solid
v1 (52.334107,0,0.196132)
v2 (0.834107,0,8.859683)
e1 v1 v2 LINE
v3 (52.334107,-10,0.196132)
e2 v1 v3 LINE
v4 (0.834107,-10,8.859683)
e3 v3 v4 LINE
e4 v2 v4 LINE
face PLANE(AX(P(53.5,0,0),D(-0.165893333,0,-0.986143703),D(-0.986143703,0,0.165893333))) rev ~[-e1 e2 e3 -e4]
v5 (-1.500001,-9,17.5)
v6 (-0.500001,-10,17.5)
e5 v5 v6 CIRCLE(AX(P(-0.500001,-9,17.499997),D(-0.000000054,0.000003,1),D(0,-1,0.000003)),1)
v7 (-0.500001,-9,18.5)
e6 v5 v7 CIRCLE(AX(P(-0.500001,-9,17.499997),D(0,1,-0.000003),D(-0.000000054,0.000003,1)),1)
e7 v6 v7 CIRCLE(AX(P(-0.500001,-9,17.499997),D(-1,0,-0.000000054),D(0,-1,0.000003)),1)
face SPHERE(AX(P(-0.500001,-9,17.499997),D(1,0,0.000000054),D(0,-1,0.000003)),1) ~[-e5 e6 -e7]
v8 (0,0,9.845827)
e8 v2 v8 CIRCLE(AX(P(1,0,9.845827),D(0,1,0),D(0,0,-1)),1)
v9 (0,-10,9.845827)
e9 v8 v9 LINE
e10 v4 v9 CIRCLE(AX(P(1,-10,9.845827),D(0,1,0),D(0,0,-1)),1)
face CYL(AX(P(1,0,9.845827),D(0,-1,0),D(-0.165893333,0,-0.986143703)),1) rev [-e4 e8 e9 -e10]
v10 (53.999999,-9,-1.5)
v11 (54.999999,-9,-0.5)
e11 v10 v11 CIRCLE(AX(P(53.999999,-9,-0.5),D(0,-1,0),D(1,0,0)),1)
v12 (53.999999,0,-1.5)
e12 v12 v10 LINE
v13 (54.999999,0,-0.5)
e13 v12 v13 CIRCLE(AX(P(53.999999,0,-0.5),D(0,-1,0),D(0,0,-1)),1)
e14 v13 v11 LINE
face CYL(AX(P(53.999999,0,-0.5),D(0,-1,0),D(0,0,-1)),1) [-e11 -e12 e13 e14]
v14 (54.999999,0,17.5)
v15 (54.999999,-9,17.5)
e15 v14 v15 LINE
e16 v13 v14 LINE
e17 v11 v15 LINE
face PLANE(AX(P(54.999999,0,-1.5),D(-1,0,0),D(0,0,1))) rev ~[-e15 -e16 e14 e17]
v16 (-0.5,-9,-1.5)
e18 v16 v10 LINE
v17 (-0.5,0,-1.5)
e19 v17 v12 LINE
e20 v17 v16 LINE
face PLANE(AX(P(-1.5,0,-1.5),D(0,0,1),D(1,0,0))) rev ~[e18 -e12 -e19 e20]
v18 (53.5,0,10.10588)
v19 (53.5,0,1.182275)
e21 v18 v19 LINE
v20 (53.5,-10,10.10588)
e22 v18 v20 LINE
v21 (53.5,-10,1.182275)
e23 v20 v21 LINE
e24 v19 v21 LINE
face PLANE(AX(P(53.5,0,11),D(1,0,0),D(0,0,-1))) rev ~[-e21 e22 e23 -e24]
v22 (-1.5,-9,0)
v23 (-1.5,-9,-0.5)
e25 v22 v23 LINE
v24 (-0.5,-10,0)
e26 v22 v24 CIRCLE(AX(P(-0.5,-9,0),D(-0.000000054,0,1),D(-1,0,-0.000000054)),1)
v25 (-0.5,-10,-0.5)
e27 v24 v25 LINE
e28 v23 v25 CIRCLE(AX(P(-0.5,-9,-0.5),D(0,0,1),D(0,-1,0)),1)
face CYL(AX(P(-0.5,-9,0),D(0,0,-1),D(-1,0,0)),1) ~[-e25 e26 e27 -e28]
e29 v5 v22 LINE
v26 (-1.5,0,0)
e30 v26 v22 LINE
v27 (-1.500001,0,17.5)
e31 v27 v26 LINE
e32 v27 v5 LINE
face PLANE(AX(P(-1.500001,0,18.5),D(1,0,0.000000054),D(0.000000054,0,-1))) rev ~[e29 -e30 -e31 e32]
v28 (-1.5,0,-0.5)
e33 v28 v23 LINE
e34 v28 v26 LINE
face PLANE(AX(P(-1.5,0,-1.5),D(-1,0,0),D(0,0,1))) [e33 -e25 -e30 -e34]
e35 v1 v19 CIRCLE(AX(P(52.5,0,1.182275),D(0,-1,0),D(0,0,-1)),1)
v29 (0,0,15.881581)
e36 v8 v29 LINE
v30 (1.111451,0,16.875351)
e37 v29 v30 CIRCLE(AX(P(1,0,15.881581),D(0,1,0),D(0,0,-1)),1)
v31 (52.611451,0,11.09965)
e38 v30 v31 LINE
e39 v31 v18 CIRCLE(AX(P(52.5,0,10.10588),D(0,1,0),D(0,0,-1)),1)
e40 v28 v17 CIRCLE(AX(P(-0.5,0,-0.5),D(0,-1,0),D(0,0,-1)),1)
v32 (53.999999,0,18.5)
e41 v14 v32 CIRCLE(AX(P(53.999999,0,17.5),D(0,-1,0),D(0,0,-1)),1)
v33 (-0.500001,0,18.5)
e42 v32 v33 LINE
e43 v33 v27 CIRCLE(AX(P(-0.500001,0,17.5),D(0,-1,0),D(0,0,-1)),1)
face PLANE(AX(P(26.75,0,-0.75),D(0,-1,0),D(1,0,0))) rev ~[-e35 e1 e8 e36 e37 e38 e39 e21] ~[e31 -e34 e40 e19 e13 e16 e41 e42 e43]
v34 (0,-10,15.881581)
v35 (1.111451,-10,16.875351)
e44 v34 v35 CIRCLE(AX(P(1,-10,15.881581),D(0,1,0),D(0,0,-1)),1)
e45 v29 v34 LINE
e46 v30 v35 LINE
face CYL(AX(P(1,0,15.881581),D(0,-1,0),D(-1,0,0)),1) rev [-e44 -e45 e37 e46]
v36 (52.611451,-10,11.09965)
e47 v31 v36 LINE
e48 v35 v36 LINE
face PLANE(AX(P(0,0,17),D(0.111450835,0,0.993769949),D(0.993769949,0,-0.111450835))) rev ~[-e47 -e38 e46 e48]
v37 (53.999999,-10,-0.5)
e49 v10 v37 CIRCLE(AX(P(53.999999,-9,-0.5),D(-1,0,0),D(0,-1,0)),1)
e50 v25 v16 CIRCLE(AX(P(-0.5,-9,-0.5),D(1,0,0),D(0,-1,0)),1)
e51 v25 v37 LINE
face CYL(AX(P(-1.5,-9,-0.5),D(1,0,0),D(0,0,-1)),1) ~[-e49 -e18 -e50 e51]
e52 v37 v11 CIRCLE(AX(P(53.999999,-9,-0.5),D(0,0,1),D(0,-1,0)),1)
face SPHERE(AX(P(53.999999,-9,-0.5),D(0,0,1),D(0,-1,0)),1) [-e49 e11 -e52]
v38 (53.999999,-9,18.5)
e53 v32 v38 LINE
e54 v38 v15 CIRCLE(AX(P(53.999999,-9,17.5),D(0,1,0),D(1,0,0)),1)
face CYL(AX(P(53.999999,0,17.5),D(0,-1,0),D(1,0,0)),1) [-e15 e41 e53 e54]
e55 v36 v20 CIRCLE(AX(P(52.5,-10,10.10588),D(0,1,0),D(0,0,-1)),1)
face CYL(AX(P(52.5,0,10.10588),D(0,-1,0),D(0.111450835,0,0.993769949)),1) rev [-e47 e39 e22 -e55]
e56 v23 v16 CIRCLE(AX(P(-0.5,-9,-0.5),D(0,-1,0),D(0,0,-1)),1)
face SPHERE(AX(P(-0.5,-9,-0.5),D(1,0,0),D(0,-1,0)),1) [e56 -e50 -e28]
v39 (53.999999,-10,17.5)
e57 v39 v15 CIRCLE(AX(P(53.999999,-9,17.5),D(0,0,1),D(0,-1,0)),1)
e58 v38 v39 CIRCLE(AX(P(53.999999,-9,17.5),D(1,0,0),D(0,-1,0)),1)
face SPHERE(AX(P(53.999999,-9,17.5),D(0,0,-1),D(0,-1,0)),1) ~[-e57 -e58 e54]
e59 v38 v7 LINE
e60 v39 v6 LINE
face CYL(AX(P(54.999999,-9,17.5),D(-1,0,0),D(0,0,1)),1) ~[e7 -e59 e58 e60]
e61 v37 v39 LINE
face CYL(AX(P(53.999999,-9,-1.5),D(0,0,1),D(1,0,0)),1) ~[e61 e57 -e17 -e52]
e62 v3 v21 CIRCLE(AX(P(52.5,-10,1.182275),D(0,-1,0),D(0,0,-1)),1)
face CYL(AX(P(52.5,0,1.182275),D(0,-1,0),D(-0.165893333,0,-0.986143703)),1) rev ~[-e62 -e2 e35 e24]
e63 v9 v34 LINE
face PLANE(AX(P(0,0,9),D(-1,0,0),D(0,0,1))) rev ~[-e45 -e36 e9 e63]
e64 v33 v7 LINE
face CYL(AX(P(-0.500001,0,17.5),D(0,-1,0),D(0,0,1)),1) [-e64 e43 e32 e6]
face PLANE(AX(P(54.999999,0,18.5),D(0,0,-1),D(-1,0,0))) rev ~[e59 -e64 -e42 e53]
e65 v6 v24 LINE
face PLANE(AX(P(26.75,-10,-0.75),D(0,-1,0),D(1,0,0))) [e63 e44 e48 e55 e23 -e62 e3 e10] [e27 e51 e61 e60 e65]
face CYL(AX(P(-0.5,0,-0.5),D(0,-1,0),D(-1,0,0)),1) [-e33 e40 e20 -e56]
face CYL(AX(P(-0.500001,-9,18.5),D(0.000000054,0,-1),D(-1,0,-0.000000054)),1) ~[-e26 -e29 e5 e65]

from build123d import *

# Parameters (mm, degrees)
F0_W     = 53.5
F0_H     = 1.5
F0_W_2   = 1.5
F1_DEPTH = 10
F2_R     = 1
F3_R     = 1


with BuildPart() as f1:
    # F0 (on Front) → F1 (new body)
    with BuildSketch(Plane.XZ):
        with Locations((26.75, -0.75)):
            Rectangle(F0_W, F0_H)
        Polygon((0, 9), (0, 0), (53.5, 0), align=None)
        with Locations((-0.75, -0.75)):
            Rectangle(F0_W_2, F0_H)
        Polygon((53.5, 11), (53.5, 0), (53.5, -1.5), (54.999999, -1.5), (54.999999, 18.5), (53.5, 18.5), align=None)
        Polygon((-1.5, 0), (0, 0), (0, 9), (0, 17), (53.5, 11), (53.5, 18.5), (-1.500001, 18.5), align=None)
    extrude(amount=F1_DEPTH)

    # F2
    f2_edges = [f1.edges().sort_by_distance(p)[0] for p in [
        (54.999999, -10, 8.5),
        (26.749999, -10, 18.5),
        (26.75, -10, -1.5),
        (-1.5, -10, 9.25),
        (-1.5, -10, -0.75),
        (-1.5, -5, -1.5),
        (-1.500001, -5, 18.5),
        (54.999999, -5, 18.5),
        (54.999999, -5, -1.5),
    ]]
    fillet(f2_edges, radius=F2_R)

    # F3
    f3_edges = [f1.edges().sort_by_distance(p)[0] for p in [
        (0, -5, 17),
        (0, -5, 9),
        (53.5, -5, 11),
        (53.5, -5, 0),
    ]]
    fillet(f3_edges, radius=F3_R)


solid = f1.part
